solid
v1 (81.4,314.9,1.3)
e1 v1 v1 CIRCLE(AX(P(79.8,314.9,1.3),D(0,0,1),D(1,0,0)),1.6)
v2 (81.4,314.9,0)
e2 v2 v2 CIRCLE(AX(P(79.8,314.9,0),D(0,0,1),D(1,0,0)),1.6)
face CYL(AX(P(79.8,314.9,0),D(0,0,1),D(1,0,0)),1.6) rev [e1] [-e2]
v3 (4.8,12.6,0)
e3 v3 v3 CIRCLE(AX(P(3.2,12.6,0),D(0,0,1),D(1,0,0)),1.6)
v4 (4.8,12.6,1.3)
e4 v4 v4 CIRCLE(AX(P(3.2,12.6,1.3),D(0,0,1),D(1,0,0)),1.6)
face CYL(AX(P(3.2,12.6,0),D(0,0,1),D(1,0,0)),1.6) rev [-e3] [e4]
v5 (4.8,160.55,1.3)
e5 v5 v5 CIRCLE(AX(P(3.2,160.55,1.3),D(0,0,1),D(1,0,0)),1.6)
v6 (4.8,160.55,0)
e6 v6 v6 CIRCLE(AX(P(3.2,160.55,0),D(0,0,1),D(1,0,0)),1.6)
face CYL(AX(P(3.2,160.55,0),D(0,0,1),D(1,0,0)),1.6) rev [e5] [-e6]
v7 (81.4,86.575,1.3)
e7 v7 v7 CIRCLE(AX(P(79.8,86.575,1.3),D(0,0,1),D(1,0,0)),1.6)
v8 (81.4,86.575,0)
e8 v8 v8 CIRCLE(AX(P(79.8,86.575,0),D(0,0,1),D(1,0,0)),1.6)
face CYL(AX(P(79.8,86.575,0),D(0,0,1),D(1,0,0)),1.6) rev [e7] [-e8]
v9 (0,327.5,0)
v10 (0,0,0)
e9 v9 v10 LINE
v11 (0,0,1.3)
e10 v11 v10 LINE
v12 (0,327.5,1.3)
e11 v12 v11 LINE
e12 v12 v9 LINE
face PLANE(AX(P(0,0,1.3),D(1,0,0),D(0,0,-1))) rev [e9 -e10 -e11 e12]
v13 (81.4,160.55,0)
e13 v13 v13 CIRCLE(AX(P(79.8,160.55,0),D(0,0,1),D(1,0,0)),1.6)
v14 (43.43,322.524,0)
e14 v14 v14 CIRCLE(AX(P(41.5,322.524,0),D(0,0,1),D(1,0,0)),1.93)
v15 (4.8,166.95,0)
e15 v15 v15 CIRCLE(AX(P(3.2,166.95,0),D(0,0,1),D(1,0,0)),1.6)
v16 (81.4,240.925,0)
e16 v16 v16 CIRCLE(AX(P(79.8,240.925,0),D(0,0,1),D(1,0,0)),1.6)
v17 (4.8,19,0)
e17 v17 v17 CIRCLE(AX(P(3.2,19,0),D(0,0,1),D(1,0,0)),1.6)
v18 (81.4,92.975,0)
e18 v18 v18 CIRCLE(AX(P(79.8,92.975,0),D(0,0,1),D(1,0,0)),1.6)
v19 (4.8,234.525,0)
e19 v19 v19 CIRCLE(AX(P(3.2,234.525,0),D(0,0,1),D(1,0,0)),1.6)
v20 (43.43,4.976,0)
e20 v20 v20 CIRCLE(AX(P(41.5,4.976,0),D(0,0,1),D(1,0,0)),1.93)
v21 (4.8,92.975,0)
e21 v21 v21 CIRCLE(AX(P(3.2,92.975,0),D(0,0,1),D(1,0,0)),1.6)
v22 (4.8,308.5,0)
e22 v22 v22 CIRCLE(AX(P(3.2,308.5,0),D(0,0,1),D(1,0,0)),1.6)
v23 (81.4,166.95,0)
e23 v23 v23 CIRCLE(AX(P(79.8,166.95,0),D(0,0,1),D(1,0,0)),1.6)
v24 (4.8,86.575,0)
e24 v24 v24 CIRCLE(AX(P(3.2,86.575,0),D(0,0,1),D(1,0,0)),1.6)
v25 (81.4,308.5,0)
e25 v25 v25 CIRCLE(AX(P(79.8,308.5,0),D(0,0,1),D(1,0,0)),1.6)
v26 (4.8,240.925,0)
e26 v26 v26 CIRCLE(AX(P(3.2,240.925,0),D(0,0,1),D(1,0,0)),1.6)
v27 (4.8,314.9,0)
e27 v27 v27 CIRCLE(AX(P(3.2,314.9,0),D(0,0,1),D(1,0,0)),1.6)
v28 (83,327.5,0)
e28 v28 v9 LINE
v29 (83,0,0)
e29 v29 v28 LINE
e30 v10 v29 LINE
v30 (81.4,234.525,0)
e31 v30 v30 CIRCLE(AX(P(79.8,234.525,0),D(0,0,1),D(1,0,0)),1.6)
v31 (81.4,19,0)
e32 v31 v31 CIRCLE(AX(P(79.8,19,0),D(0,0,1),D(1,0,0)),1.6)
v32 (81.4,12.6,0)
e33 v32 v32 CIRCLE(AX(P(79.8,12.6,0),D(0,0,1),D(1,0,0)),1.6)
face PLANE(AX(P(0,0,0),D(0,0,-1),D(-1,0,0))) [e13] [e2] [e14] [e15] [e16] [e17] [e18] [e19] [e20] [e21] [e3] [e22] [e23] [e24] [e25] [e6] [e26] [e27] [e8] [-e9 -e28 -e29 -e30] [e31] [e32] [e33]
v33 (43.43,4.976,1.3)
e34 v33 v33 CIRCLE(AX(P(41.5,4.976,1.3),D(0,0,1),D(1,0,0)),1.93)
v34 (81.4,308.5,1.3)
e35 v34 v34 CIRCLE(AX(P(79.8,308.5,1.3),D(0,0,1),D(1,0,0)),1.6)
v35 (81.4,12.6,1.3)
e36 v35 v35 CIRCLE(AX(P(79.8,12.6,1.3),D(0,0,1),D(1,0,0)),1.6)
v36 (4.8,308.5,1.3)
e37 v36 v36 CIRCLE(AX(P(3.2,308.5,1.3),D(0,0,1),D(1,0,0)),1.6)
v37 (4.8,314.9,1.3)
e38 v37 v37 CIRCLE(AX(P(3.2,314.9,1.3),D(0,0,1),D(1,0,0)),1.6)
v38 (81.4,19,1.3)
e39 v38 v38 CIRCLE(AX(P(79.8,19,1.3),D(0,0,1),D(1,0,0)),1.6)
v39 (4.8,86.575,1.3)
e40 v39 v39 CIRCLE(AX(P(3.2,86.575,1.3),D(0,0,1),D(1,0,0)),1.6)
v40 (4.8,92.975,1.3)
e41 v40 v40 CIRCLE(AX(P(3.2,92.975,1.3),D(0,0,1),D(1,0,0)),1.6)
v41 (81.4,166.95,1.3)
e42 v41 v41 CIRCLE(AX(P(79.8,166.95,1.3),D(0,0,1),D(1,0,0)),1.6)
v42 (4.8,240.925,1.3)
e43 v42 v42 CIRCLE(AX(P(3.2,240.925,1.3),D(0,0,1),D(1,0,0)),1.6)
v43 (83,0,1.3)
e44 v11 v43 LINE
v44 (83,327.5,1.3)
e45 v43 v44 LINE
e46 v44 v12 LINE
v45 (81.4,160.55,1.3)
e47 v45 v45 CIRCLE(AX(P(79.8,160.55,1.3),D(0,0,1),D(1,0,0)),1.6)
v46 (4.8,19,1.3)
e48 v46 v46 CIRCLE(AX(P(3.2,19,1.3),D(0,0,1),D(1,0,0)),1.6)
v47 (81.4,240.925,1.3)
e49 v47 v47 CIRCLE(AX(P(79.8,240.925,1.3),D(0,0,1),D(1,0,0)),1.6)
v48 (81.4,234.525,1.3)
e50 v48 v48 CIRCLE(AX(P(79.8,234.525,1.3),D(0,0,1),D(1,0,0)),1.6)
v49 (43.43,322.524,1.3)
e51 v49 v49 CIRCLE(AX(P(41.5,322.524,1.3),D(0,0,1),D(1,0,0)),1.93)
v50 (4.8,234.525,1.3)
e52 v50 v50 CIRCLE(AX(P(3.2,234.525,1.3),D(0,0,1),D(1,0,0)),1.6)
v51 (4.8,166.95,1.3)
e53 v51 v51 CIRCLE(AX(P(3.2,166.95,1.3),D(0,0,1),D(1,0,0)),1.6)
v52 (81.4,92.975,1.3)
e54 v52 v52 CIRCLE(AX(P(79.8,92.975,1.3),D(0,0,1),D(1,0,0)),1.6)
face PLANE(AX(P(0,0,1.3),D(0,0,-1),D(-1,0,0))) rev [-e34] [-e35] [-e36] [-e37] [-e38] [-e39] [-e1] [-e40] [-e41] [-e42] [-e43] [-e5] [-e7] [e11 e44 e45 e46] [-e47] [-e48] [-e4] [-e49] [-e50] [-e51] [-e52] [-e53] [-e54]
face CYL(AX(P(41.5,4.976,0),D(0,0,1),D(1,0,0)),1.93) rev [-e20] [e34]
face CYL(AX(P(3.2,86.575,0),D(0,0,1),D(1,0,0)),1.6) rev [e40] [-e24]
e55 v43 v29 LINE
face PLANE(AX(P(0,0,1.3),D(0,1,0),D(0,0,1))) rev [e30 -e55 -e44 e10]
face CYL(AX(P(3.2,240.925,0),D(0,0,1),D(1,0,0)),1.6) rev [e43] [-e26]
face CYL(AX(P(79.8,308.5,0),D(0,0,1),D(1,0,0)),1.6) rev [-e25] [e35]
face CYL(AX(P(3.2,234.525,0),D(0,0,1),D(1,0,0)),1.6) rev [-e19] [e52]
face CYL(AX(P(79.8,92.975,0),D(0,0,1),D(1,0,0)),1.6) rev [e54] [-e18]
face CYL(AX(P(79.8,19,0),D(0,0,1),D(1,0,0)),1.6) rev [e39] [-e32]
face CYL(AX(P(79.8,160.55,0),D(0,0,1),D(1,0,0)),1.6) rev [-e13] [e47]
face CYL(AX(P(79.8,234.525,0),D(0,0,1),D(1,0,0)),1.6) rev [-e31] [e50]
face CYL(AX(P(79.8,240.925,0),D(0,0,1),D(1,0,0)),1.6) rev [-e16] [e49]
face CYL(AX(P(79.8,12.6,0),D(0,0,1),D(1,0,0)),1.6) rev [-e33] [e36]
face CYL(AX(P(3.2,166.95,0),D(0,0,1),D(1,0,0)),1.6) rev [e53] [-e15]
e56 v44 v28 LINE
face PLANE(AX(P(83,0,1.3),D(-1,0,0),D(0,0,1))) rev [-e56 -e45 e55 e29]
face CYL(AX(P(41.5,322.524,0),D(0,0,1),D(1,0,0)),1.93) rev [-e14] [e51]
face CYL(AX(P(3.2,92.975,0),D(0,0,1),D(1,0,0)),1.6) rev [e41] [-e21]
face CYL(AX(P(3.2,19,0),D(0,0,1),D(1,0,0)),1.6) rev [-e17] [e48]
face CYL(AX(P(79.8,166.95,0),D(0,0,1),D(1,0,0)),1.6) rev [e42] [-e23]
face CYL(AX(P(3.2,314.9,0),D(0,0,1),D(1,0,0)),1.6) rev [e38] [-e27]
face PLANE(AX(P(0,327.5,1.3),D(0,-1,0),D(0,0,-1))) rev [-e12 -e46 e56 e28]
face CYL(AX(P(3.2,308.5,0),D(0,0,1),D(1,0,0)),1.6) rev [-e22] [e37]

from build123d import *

# Parameters (mm, degrees)
SKETCH1_W           = 83
SKETCH1_H           = 327.5
BOSS_EXTRUDE1_DEPTH = 1.3
SKETCH2_R           = 1.6
CUT_EXTRUDE1_DEPTH  = 1.3
SKETCH3_R           = 1.93
CUT_EXTRUDE2_DEPTH  = 1.3


with BuildPart() as part:
    # Sketch1 → Boss-Extrude1 (new body)
    with BuildSketch(Plane.XY):
        with Locations((41.5, 163.75)):
            Rectangle(SKETCH1_W, SKETCH1_H)
    extrude(amount=BOSS_EXTRUDE1_DEPTH)

    # Sketch2 → Cut-Extrude1 (cut)
    with BuildSketch(Plane.XY.offset(1.3)):
        with Locations((3.2, 314.9)):
            Circle(SKETCH2_R)
        with Locations((3.2, 308.5)):
            Circle(SKETCH2_R)
        with Locations((79.8, 314.9)):
            Circle(SKETCH2_R)
        with Locations((79.8, 308.5)):
            Circle(SKETCH2_R)
        with Locations((3.2, 240.925)):
            Circle(SKETCH2_R)
        with Locations((3.2, 234.525)):
            Circle(SKETCH2_R)
        with Locations((79.8, 240.925)):
            Circle(SKETCH2_R)
        with Locations((79.8, 234.525)):
            Circle(SKETCH2_R)
        with Locations((3.2, 166.95)):
            Circle(SKETCH2_R)
        with Locations((3.2, 160.55)):
            Circle(SKETCH2_R)
        with Locations((79.8, 166.95)):
            Circle(SKETCH2_R)
        with Locations((79.8, 160.55)):
            Circle(SKETCH2_R)
        with Locations((3.2, 92.975)):
            Circle(SKETCH2_R)
        with Locations((3.2, 86.575)):
            Circle(SKETCH2_R)
        with Locations((79.8, 92.975)):
            Circle(SKETCH2_R)
        with Locations((79.8, 86.575)):
            Circle(SKETCH2_R)
        with Locations((3.2, 19)):
            Circle(SKETCH2_R)
        with Locations((3.2, 12.6)):
            Circle(SKETCH2_R)
        with Locations((79.8, 19)):
            Circle(SKETCH2_R)
        with Locations((79.8, 12.6)):
            Circle(SKETCH2_R)
    extrude(amount=-CUT_EXTRUDE1_DEPTH, mode=Mode.SUBTRACT)

    # Sketch3 → Cut-Extrude2 (cut)
    with BuildSketch(Plane.XY.offset(1.3)):
        with Locations((41.5, 322.524)):
            Circle(SKETCH3_R)
        with Locations((41.5, 4.976)):
            Circle(SKETCH3_R)
    extrude(amount=-CUT_EXTRUDE2_DEPTH, mode=Mode.SUBTRACT)


solid = part.part
